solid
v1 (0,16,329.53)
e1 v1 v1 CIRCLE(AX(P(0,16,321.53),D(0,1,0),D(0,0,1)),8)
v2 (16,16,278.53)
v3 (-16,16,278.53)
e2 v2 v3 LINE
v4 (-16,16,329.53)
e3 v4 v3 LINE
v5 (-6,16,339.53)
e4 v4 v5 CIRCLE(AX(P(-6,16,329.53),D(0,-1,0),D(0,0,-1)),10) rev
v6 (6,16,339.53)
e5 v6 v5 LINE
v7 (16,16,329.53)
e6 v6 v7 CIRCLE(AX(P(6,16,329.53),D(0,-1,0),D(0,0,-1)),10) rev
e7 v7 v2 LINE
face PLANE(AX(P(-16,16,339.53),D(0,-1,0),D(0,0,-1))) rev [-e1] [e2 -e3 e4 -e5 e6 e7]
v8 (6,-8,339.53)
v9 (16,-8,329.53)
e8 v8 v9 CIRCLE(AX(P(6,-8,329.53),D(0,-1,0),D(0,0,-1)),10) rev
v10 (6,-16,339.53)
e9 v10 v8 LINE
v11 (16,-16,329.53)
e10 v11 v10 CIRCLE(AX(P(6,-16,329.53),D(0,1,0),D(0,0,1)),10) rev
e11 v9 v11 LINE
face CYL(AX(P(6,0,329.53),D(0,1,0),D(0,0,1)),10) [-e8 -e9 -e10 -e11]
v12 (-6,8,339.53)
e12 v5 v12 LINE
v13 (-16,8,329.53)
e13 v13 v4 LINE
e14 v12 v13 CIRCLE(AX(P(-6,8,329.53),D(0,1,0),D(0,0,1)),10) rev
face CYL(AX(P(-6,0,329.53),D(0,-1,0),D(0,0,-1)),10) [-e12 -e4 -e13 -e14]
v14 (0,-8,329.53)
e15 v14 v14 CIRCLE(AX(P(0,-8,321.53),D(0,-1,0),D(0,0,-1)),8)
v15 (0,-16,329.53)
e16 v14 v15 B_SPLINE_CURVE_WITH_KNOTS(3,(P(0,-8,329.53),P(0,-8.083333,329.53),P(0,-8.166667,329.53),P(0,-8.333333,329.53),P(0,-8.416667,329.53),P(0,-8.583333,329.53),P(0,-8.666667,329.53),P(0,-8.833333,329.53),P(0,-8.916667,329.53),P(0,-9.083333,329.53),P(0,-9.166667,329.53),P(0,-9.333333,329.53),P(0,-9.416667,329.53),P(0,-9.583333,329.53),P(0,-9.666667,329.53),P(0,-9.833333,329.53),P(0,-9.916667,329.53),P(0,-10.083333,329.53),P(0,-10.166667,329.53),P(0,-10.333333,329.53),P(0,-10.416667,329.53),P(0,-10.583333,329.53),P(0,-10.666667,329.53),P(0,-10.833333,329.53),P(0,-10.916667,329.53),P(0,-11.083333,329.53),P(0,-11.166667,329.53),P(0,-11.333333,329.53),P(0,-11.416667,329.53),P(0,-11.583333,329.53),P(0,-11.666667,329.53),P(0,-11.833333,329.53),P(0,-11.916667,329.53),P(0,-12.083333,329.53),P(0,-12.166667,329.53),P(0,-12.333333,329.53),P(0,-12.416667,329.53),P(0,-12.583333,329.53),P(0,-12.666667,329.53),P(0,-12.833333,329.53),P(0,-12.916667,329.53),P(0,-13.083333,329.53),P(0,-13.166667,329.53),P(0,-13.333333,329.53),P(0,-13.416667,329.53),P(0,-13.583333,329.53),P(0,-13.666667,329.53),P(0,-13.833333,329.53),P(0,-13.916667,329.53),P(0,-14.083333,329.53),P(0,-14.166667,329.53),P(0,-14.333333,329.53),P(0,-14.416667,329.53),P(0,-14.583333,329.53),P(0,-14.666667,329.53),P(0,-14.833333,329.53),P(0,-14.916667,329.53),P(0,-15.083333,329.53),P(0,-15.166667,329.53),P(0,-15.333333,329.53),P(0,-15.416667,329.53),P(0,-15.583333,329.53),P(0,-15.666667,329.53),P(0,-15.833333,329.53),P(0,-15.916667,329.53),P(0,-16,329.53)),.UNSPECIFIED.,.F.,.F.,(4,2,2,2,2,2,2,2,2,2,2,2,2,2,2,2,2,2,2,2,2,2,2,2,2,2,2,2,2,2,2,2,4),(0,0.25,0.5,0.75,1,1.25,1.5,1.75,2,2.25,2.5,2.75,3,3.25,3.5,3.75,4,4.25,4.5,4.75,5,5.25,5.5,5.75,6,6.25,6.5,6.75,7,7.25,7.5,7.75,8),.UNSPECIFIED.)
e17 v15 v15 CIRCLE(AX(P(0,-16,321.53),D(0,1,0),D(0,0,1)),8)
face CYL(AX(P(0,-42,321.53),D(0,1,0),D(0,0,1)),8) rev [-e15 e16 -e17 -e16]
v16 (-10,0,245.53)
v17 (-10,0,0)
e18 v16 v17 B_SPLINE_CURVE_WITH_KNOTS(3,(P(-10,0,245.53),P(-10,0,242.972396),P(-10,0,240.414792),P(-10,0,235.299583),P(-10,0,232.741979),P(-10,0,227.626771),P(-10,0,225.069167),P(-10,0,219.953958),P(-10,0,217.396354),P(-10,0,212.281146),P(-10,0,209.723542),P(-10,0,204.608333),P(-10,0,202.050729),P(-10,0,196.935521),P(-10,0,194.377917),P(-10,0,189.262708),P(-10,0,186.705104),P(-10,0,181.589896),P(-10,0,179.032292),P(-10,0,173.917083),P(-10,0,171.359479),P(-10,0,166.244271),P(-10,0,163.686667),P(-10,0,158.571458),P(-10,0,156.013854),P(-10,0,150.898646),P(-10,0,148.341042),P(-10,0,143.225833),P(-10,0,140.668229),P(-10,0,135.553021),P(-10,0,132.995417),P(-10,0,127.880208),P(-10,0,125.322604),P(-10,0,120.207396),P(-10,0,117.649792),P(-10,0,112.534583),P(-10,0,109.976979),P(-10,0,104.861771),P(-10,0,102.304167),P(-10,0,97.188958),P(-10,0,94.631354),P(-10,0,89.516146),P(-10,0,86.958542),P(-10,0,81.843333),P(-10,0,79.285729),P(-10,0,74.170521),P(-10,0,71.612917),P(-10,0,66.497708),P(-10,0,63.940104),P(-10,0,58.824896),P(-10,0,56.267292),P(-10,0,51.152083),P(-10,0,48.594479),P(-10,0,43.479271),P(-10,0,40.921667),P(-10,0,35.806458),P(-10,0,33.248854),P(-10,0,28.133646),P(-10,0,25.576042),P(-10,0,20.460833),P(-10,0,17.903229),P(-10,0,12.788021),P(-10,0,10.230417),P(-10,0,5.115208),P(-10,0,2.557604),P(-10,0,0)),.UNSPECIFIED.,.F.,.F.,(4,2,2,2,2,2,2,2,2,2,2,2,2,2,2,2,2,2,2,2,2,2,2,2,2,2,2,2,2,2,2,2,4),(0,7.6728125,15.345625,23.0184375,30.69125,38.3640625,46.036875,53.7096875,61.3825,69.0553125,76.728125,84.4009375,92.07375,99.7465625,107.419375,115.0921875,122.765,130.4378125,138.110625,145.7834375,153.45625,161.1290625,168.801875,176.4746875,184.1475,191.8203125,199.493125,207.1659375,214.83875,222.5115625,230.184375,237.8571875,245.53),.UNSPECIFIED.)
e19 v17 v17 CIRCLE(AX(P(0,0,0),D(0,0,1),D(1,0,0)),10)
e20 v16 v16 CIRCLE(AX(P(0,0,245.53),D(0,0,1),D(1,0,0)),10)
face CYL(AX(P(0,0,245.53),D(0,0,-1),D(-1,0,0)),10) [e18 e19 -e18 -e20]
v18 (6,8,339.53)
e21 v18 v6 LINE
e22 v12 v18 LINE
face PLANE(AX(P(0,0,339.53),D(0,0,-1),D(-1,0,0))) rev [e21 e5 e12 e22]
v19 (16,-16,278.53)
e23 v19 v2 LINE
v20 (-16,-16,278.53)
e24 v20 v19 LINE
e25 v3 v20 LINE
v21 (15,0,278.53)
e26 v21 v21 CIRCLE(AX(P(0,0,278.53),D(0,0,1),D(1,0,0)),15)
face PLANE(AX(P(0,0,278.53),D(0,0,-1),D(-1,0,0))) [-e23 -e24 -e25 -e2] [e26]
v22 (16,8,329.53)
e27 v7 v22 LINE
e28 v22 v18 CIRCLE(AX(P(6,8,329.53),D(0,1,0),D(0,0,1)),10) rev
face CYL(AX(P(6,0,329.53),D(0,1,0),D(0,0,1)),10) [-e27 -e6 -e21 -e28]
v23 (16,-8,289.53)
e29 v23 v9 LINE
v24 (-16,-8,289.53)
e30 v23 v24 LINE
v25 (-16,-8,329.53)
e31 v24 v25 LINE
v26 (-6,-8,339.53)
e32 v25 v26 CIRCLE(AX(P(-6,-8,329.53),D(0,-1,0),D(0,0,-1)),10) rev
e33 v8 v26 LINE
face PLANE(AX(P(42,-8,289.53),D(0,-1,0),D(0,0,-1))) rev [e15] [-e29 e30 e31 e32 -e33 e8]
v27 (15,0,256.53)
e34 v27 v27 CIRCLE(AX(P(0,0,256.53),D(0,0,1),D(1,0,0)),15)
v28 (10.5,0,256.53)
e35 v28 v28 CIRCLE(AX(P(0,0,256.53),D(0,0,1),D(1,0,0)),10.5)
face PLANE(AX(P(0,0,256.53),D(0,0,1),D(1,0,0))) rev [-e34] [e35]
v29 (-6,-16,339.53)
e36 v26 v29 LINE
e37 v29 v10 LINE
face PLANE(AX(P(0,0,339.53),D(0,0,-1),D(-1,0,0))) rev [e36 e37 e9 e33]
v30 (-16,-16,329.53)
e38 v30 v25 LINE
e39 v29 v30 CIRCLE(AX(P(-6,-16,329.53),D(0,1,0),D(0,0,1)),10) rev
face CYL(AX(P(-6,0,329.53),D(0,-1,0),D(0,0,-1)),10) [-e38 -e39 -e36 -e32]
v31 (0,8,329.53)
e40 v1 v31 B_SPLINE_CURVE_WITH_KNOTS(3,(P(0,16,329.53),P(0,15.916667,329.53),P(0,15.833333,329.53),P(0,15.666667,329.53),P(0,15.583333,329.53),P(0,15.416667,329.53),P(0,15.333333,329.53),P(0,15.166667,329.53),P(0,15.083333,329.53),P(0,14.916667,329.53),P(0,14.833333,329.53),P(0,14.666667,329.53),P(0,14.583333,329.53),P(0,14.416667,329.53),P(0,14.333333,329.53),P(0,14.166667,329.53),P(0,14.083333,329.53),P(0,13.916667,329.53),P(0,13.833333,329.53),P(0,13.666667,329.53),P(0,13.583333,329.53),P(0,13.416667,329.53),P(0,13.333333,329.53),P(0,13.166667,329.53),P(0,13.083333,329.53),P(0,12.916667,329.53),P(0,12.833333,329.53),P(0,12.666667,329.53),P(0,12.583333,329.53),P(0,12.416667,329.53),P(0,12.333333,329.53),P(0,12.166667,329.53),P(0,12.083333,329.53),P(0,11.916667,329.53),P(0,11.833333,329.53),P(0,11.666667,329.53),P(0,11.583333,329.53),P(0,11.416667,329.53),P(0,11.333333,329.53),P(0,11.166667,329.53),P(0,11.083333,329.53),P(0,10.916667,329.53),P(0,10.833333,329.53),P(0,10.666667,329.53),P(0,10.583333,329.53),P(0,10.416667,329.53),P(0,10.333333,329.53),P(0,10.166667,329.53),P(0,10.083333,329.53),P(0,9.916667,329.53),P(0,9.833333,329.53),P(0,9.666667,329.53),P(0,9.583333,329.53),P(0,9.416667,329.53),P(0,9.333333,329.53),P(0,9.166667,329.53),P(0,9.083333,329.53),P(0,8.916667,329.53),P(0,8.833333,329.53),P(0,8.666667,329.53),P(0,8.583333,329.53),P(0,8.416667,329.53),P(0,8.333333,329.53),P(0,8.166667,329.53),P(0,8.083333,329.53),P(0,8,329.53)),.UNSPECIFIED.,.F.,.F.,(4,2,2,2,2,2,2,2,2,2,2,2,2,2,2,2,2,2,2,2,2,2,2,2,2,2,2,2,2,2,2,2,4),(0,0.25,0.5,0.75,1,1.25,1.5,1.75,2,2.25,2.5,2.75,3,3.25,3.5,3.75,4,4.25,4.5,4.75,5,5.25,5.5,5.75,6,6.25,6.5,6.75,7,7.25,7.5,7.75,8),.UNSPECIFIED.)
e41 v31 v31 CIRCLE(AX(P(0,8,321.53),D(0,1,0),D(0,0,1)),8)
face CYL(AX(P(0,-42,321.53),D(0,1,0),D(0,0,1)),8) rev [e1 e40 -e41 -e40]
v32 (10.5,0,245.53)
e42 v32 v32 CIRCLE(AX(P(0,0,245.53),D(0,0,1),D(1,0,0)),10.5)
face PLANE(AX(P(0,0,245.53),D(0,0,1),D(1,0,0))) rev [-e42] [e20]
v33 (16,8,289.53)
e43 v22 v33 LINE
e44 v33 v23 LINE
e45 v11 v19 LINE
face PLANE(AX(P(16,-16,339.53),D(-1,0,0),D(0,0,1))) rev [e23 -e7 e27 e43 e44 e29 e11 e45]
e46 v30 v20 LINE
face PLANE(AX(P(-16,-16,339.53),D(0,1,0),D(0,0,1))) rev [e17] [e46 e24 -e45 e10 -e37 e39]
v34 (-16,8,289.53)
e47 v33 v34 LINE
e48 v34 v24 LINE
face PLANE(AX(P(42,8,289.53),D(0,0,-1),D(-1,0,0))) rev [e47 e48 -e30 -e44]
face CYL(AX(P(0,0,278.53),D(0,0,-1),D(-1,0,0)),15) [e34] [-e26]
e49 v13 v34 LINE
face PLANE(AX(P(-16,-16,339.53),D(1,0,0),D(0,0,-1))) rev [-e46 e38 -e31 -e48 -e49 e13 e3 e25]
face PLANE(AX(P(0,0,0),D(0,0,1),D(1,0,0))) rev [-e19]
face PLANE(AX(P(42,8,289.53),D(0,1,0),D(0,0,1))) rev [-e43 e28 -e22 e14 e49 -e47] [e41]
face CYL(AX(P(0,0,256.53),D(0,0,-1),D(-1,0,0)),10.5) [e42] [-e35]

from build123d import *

# Parameters (mm, degrees)
SKETCH1_R           = 10
BOSS_EXTRUDE1_DEPTH = 245.53
SKETCH2_R           = 10.5
BOSS_EXTRUDE2_DEPTH = 11
SKETCH3_R           = 15
BOSS_EXTRUDE3_DEPTH = 22
SKETCH4_W           = 32
SKETCH4_H           = 32
BOSS_EXTRUDE4_DEPTH = 61
SKETCH5_W           = 50
SKETCH5_H           = 16
CUT_EXTRUDE1_DEPTH  = 58
SKETCH6_R           = 8
CUT_EXTRUDE2_DEPTH  = 58
FILLET1_R           = 10


with BuildPart() as part:
    # Sketch1 → Boss-Extrude1 (new body)
    with BuildSketch(Plane.XY):
        with Locations(Location((0, 0, 0), (0, 0, 180))):
            Circle(SKETCH1_R)
    extrude(amount=BOSS_EXTRUDE1_DEPTH)

    # Sketch2 → Boss-Extrude2 (add)
    with BuildSketch(Plane.XY.offset(245.53)):
        Circle(SKETCH2_R)
    extrude(amount=BOSS_EXTRUDE2_DEPTH)

    # Sketch3 → Boss-Extrude3 (add)
    with BuildSketch(Plane.XY.offset(256.53)):
        Circle(SKETCH3_R)
    extrude(amount=BOSS_EXTRUDE3_DEPTH)

    # Sketch4 → Boss-Extrude4 (add)
    with BuildSketch(Plane.XY.offset(278.53)):
        Rectangle(SKETCH4_W, SKETCH4_H)
    extrude(amount=BOSS_EXTRUDE4_DEPTH)

    # Sketch5 → Cut-Extrude1 (cut)
    with BuildSketch(Plane.ZY.offset(16)):
        with Locations((314.53, 0)):
            Rectangle(SKETCH5_W, SKETCH5_H)
    extrude(amount=-CUT_EXTRUDE1_DEPTH, mode=Mode.SUBTRACT)

    # Sketch6 → Cut-Extrude2 (cut)
    with BuildSketch(Plane(origin=(0, 16, 0), x_dir=(1, 0, 0), z_dir=(0, 1, 0))):
        with Locations(Location((0, -321.53, 0), (0, 0, 270))):
            Circle(SKETCH6_R)
    extrude(amount=-CUT_EXTRUDE2_DEPTH, mode=Mode.SUBTRACT)

    # Fillet1
    fillet1_edges = [part.edges().sort_by_distance(p)[0] for p in [
        (16, -12, 339.53),
        (-16, 12, 339.53),
        (16, 12, 339.53),
        (-16, -12, 339.53),
    ]]
    fillet(fillet1_edges, radius=FILLET1_R)


solid = part.part
